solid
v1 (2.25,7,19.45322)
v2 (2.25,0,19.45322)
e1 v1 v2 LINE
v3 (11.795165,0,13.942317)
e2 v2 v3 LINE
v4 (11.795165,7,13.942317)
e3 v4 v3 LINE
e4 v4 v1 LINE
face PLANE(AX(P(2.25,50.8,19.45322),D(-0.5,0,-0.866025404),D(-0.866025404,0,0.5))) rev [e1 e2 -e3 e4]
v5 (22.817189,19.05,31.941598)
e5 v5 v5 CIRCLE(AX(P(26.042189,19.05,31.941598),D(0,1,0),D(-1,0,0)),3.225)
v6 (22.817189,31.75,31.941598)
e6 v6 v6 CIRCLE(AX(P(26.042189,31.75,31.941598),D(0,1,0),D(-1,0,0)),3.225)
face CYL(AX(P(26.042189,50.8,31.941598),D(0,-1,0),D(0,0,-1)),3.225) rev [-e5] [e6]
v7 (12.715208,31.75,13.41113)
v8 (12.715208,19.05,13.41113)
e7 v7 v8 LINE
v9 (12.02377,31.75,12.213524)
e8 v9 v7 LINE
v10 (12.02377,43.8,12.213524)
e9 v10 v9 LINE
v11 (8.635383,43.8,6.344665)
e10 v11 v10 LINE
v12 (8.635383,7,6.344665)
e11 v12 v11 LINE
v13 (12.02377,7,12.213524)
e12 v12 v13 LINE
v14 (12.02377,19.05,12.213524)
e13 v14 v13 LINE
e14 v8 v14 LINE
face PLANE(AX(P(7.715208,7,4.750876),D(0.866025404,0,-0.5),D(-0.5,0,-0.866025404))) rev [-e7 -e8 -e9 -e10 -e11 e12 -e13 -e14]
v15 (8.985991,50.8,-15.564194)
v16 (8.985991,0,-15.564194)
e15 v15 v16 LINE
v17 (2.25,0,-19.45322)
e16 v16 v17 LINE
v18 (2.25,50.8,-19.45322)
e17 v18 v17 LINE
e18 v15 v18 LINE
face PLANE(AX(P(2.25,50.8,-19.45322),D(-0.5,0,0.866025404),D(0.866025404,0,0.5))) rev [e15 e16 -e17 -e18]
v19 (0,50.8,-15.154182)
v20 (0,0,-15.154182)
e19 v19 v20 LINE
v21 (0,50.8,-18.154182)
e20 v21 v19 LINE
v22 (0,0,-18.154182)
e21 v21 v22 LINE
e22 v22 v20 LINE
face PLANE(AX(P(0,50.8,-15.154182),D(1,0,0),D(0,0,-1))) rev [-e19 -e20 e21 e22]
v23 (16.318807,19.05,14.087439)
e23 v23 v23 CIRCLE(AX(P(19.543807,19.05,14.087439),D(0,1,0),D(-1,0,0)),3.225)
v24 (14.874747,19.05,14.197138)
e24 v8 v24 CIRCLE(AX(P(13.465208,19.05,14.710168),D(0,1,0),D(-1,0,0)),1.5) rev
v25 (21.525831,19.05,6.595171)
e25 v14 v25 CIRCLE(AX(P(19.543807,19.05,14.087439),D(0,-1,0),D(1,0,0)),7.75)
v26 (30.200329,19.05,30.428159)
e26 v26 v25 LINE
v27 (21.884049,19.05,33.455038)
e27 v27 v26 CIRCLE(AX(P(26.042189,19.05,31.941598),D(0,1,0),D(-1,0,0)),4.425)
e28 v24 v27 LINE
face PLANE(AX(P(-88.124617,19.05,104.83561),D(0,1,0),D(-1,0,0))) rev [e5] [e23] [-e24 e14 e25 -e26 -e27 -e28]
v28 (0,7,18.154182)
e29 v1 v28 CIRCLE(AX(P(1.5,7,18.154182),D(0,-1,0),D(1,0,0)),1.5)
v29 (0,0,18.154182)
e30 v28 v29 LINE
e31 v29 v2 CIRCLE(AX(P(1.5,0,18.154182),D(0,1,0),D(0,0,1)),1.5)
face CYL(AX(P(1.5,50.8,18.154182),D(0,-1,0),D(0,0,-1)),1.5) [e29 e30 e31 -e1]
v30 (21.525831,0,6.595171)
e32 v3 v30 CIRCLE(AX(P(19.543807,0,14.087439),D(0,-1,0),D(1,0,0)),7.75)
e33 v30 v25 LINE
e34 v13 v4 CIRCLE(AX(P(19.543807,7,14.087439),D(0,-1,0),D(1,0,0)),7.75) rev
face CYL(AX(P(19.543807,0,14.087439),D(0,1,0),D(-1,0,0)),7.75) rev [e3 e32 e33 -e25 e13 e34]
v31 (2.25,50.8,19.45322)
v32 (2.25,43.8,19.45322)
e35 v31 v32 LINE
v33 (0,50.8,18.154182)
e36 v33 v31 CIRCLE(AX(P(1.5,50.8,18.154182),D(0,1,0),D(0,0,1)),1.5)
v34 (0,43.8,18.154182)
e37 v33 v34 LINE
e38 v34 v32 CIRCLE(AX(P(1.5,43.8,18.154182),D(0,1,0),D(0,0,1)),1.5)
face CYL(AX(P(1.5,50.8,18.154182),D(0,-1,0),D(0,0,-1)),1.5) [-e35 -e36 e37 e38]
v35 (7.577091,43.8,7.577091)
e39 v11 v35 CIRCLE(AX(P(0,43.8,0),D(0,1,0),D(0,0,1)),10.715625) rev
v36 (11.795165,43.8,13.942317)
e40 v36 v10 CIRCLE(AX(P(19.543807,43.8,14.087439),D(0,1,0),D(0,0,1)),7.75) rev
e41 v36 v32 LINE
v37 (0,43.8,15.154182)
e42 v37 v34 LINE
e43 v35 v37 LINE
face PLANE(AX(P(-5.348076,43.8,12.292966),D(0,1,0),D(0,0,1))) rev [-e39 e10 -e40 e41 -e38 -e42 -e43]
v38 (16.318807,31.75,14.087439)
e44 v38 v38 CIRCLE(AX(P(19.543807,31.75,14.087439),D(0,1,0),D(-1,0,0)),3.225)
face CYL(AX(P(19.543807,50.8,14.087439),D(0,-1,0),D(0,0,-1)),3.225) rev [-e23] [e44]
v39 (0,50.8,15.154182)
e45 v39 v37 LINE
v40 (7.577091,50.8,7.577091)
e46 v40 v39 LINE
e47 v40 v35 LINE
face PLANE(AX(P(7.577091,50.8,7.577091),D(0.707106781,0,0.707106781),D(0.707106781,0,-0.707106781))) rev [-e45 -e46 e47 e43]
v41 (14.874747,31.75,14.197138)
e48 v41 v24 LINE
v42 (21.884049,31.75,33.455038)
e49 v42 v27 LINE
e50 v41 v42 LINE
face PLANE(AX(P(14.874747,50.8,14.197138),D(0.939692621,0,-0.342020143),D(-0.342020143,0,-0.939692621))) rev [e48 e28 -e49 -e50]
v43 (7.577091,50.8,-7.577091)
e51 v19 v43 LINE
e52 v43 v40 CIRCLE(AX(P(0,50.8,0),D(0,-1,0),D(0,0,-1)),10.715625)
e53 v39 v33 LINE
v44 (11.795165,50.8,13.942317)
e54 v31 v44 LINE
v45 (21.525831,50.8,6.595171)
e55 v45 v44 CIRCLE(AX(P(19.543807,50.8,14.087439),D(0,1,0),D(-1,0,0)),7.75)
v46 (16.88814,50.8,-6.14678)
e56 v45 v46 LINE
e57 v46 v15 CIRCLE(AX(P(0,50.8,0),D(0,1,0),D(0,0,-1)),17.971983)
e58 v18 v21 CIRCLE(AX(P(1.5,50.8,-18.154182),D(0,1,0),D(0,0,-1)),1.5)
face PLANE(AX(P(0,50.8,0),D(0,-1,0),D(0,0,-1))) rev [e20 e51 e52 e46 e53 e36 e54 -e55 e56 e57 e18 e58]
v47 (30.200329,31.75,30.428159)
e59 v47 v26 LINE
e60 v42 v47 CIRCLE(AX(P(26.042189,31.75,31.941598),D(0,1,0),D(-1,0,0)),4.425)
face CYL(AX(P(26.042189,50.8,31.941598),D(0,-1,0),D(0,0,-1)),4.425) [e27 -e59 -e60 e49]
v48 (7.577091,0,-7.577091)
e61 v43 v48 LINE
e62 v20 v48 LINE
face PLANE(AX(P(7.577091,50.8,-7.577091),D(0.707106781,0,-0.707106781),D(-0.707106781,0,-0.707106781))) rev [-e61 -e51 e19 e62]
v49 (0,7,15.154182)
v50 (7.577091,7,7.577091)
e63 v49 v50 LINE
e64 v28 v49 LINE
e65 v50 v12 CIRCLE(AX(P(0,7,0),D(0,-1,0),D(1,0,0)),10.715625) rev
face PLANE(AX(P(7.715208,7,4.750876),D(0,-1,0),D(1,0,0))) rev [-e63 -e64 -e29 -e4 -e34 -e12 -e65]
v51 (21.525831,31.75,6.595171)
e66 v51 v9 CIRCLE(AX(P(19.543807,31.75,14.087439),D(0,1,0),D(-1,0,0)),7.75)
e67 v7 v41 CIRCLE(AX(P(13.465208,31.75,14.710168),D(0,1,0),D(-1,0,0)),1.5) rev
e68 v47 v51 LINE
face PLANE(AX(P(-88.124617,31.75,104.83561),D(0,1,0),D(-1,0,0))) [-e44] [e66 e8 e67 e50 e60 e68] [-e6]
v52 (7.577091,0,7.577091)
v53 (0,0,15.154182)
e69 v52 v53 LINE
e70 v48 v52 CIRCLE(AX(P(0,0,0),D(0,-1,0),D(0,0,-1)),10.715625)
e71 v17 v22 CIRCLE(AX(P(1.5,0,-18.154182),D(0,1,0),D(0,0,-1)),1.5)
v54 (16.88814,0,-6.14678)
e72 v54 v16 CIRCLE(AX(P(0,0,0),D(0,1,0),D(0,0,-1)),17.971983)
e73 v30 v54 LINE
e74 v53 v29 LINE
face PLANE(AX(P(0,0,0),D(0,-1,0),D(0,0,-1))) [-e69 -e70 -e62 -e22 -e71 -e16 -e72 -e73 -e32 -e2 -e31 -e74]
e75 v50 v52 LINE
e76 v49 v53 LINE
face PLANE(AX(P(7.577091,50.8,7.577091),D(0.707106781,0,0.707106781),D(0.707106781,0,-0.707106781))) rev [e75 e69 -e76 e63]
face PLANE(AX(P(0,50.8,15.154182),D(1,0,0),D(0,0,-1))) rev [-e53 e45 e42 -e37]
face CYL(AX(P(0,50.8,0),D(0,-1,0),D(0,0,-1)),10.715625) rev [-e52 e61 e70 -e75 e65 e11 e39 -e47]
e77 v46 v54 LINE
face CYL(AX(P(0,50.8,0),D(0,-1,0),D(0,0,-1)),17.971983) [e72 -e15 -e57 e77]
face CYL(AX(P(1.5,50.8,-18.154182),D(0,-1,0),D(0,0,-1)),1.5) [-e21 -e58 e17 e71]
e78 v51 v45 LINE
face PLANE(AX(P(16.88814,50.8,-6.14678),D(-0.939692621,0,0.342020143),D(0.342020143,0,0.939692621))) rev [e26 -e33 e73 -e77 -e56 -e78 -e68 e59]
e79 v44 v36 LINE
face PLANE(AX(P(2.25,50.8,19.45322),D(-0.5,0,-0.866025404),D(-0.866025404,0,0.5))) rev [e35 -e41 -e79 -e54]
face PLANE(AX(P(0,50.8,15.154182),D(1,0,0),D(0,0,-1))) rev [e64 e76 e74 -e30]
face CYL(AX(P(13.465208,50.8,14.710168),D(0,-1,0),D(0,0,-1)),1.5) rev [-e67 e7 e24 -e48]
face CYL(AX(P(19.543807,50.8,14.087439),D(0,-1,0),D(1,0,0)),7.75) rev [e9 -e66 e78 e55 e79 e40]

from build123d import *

# Parameters (mm, degrees)
SKETCH1_R           = 3.225
BOSS_EXTRUDE1_DEPTH = 50.8
SKETCH2_W           = 254
SKETCH2_H           = 19.05
CUT_EXTRUDE1_DEPTH  = 66.440170121
CUT_EXTRUDE4_DEPTH  = 10
SKETCH3_R           = 7.75
CUT_EXTRUDE2_DEPTH  = 58.086264546
SKETCH4_R           = 7.75
CUT_EXTRUDE3_DEPTH  = 58.086264546


with BuildPart() as part:
    # Sketch1 → Boss-Extrude1 (new body)
    with BuildSketch(Plane(origin=(0, 0, 0), x_dir=(1, 0, 0), z_dir=(0, 1, 0))):
        with BuildLine():
            Line((7.577091102, 7.577091102), (0, 15.154182204))
            Line((0, 15.154182204), (0, 18.154182204))
            ThreePointArc((0, 18.154182204), (0.75, 19.45322031), (2.25, 19.45322031))
            Line((2.25, 19.45322031), (8.985991487, 15.564193812))
            ThreePointArc((8.985991487, 15.564193812), (13.767337689, 11.552167977), (16.888139781, 6.146780193))
            Line((16.888139781, 6.146780193), (30.200329071, -30.428159285))
            ThreePointArc((30.200329071, -30.428159285), (27.555628359, -36.099738267), (21.884049378, -33.455037554))
            Line((21.884049378, -33.455037554), (14.874746988, -14.197137512))
            ThreePointArc((14.874746988, -14.197137512), (13.978238272, -13.300628796), (12.715208057, -13.411129621))
            Line((12.715208057, -13.411129621), (2.25, -19.45322031))
            ThreePointArc((2.25, -19.45322031), (0.75, -19.45322031), (0, -18.154182204))
            Line((0, -18.154182204), (0, -15.154182204))
            Line((0, -15.154182204), (7.577091102, -7.577091102))
            ThreePointArc((7.577091102, -7.577091102), (10.715625, 0), (7.577091102, 7.577091102))
        make_face()
        with Locations(Location((26.042189225, -31.94159842, 0), (0, 0, 270))):
            Circle(SKETCH1_R, mode=Mode.SUBTRACT)
        with Locations(Location((19.543806501, -14.087438625, 0), (0, 0, 270))):
            Circle(SKETCH1_R, mode=Mode.SUBTRACT)
    extrude(amount=BOSS_EXTRUDE1_DEPTH)

    # Sketch2 → Cut-Extrude1 (cut, through all)
    with BuildSketch(Plane(origin=(8.985991487, 0, 15.564193812), x_dir=(0.8660254037844355, 0, -0.5000000000000056), z_dir=(0.5000000000000056, 0, 0.8660254037844356))):
        with Locations((-1.735962308, 41.275)):
            Rectangle(SKETCH2_W, SKETCH2_H)
        with Locations((-1.735962308, 9.525)):
            Rectangle(SKETCH2_W, SKETCH2_H)
    extrude(amount=CUT_EXTRUDE1_DEPTH, mode=Mode.SUBTRACT)

    # Sketch5 → Cut-Extrude4 (cut)
    with BuildSketch(Plane(origin=(8.985991487, 0, 15.564193812), x_dir=(0.8660254037844355, 0, -0.5000000000000057), z_dir=(0.5000000000000056, 0, 0.8660254037844354))):
        Polygon((4.306128381, 7), (-7.778052996, 7), (-10.778052996, 7), (-10.778052996, 43.8), (-7.778052996, 43.8), (4.306128381, 43.8), align=None)
    extrude(amount=-CUT_EXTRUDE4_DEPTH, mode=Mode.SUBTRACT)

    # Sketch3 → Cut-Extrude2 (cut, through all)
    with BuildSketch(Plane(origin=(0, 31.75, 0), x_dir=(1, 0, 0), z_dir=(0, 1, 0))):
        with Locations((19.543806501, -14.087438625)):
            Circle(SKETCH3_R)
    extrude(amount=CUT_EXTRUDE2_DEPTH, mode=Mode.SUBTRACT)

    # Sketch4 → Cut-Extrude3 (cut, through all)
    with BuildSketch(Plane.XZ.offset(-19.05)):
        with Locations((19.543806501, 14.087438625)):
            Circle(SKETCH4_R)
    extrude(amount=CUT_EXTRUDE3_DEPTH, mode=Mode.SUBTRACT)


solid = part.part
